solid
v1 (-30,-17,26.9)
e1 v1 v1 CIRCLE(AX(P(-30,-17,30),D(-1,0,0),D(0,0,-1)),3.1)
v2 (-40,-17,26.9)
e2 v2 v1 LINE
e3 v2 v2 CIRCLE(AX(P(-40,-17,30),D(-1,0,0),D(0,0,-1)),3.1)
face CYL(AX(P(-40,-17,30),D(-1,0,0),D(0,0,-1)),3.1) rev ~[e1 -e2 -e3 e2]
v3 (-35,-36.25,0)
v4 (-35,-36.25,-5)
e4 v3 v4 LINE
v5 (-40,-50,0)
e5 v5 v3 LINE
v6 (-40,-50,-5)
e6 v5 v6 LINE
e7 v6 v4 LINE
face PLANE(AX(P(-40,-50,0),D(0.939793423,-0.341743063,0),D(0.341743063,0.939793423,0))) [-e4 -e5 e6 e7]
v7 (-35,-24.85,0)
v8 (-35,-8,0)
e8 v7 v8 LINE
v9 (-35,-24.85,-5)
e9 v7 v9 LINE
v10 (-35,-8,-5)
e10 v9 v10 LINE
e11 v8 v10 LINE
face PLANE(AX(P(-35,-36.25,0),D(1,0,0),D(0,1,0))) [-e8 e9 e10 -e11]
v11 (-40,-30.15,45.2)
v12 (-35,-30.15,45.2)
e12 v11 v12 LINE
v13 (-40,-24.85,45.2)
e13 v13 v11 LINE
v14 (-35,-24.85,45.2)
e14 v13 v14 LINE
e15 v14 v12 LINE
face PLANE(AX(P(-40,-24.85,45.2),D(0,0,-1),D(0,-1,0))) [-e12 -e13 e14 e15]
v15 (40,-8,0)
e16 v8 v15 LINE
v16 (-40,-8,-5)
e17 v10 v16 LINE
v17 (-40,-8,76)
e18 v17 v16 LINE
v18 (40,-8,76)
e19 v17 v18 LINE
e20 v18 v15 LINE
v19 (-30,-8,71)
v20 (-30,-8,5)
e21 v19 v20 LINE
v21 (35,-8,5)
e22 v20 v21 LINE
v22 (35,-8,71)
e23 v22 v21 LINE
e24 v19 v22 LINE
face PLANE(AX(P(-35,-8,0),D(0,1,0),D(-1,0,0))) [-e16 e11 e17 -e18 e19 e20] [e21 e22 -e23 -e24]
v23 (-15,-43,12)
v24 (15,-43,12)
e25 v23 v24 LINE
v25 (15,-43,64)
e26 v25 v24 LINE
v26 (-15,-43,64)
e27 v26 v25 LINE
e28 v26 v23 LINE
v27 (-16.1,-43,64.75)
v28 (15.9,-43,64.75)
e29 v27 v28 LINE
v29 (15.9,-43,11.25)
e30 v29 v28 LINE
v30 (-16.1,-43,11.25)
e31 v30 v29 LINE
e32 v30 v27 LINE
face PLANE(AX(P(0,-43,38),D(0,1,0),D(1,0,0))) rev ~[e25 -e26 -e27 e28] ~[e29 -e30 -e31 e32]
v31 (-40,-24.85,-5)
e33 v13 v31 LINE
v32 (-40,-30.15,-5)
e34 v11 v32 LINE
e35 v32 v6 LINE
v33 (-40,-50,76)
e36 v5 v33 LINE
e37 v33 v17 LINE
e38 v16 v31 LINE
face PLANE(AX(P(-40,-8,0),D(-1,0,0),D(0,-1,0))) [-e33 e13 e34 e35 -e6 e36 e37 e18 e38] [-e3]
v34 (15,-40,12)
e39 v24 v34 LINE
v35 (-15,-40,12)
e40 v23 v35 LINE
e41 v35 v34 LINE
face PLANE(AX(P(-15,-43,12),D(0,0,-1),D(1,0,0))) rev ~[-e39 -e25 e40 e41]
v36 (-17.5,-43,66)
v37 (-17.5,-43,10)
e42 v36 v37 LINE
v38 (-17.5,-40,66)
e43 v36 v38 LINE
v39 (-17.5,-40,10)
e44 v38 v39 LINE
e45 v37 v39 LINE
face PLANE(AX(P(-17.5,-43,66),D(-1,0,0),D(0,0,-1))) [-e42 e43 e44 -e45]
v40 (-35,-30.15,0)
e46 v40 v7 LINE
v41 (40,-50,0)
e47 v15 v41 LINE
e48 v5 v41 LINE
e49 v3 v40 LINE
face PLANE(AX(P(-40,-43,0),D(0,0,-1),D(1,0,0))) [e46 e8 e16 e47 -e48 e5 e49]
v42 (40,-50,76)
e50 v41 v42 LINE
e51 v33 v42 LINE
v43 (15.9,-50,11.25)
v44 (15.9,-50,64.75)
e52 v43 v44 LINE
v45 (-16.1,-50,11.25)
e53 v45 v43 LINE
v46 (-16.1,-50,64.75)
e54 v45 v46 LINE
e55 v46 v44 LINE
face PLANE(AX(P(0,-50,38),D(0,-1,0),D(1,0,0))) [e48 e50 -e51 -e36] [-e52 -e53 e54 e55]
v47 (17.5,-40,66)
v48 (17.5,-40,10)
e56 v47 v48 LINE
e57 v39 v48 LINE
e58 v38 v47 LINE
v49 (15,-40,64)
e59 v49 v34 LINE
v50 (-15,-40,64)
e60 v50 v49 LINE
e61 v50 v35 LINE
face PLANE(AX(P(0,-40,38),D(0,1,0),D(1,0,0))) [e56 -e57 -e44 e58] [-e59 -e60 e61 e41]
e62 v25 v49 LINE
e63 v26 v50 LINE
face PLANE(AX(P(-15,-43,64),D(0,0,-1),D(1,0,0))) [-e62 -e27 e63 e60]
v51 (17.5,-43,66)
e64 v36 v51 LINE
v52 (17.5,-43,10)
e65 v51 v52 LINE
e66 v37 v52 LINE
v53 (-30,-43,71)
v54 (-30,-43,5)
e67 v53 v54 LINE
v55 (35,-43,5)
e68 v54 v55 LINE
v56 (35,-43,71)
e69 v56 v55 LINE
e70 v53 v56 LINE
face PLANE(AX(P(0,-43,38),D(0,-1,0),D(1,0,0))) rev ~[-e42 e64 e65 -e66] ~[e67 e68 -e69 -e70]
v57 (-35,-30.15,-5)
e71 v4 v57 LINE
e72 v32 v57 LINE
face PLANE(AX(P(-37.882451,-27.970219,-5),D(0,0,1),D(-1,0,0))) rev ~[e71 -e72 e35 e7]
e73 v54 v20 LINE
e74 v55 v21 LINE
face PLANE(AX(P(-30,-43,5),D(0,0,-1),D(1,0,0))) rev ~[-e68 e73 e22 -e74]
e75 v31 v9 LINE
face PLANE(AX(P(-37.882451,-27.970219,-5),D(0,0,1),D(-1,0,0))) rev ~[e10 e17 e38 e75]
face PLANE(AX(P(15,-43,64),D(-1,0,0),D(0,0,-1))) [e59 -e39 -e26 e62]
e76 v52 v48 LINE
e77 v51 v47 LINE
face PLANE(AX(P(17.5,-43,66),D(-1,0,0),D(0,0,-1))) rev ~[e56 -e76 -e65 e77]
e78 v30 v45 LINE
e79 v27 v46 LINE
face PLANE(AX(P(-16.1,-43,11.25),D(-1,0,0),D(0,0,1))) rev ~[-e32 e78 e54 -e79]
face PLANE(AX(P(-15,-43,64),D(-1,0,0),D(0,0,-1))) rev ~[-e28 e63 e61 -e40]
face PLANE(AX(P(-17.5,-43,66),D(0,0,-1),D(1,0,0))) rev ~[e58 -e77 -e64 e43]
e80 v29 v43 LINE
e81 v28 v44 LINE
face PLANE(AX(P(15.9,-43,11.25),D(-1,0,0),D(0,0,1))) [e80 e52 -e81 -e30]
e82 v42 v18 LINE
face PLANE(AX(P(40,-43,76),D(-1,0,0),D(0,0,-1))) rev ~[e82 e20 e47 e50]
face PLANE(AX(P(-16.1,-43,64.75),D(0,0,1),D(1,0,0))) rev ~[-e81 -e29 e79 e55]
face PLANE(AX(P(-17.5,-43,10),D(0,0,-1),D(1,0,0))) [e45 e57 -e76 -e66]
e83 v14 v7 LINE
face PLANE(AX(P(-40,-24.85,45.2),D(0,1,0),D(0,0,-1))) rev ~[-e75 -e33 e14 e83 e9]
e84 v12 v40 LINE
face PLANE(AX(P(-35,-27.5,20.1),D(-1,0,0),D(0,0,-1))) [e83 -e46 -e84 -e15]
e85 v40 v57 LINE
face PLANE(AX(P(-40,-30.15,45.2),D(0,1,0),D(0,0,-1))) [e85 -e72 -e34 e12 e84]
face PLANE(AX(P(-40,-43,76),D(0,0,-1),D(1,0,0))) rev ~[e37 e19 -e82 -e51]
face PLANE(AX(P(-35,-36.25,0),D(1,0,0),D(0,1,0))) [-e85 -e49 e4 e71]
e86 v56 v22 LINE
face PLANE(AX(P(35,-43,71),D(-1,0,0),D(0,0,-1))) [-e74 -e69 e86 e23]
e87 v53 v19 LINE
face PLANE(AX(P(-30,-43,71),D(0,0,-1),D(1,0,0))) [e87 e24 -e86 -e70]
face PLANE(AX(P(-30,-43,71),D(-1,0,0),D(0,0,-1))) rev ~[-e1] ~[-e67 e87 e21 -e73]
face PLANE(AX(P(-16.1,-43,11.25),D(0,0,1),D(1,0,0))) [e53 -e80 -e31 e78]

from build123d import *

# Parameters (mm, degrees)
SKETCH_W        = 80
SKETCH_H        = 76
SKETCH_W_2      = 32
SKETCH_H_2      = 53.5
PAD_DEPTH       = 7
SKETCH001_W     = 80
SKETCH001_H     = 76
SKETCH001_W_2   = 65
SKETCH001_H_2   = 66
PAD001_DEPTH    = 35
PAD005_DEPTH    = 5
SKETCH008_W     = 50.2
SKETCH008_H     = 5.3
POCKET_DEPTH    = 5
SKETCH012_R     = 3.1
POCKET003_DEPTH = 10
SKETCH013_W     = 35
SKETCH013_H     = 56
SKETCH013_W_2   = 30
SKETCH013_H_2   = 52
PAD008_DEPTH    = 3


with BuildPart() as part:
    # Sketch → Pad (new body)
    with BuildSketch(Plane.XZ):
        with Locations((0, 38)):
            Rectangle(SKETCH_W, SKETCH_H)
        with Locations((-0.1, 38)):
            Rectangle(SKETCH_W_2, SKETCH_H_2, mode=Mode.SUBTRACT)
    extrude(amount=PAD_DEPTH)

    # Sketch001 (on Face9 of Pad) → Pad001 (join)
    with BuildSketch(Plane(origin=(0, 0, 0), x_dir=(1, 0, 0), z_dir=(0, 1, 0))):
        with Locations((0, -38)):
            Rectangle(SKETCH001_W, SKETCH001_H)
        with Locations((2.5, -38)):
            Rectangle(SKETCH001_W_2, SKETCH001_H_2, mode=Mode.SUBTRACT)
    extrude(amount=PAD001_DEPTH)

    # Sketch005 (on Face12 of Pad001) → Pad005 (join)
    with BuildSketch(Plane(origin=(0, 0, 0), x_dir=(1, 0, 0), z_dir=(0, 0, -1))):
        Polygon((-40, -35), (-40, 7), (-35, -6.75), (-35, -35), align=None)
    extrude(amount=PAD005_DEPTH)

    # Sketch008 (on Face18 of Pad005) → Pocket (cut)
    with BuildSketch(Plane(origin=(-40, 0, 0), x_dir=(0, 0, -1), z_dir=(-1, 0, 0))):
        with Locations((-20.1, -15.5)):
            Rectangle(SKETCH008_W, SKETCH008_H)
    extrude(amount=-POCKET_DEPTH, mode=Mode.SUBTRACT)

    # Sketch012 (on Face16 of Pocket) → Pocket003 (cut)
    with BuildSketch(Plane(origin=(-40, 0, 0), x_dir=(0, 0, -1), z_dir=(-1, 0, 0))):
        with Locations((-30, -26)):
            Circle(SKETCH012_R)
    extrude(amount=-POCKET003_DEPTH, mode=Mode.SUBTRACT)

    # Sketch013 (on Face3 of Pocket003) → Pad008 (join)
    with BuildSketch(Plane(origin=(0, 0, 0), x_dir=(1, 0, 0), z_dir=(0, 1, 0))):
        with Locations((0, -38)):
            Rectangle(SKETCH013_W, SKETCH013_H)
        with Locations((0, -38)):
            Rectangle(SKETCH013_W_2, SKETCH013_H_2, mode=Mode.SUBTRACT)
    extrude(amount=PAD008_DEPTH)


with BuildPart() as part_1:
    # Body placement: moved
    add(part.part.moved(Location((0, -43, 0))))


solid = part_1.part
